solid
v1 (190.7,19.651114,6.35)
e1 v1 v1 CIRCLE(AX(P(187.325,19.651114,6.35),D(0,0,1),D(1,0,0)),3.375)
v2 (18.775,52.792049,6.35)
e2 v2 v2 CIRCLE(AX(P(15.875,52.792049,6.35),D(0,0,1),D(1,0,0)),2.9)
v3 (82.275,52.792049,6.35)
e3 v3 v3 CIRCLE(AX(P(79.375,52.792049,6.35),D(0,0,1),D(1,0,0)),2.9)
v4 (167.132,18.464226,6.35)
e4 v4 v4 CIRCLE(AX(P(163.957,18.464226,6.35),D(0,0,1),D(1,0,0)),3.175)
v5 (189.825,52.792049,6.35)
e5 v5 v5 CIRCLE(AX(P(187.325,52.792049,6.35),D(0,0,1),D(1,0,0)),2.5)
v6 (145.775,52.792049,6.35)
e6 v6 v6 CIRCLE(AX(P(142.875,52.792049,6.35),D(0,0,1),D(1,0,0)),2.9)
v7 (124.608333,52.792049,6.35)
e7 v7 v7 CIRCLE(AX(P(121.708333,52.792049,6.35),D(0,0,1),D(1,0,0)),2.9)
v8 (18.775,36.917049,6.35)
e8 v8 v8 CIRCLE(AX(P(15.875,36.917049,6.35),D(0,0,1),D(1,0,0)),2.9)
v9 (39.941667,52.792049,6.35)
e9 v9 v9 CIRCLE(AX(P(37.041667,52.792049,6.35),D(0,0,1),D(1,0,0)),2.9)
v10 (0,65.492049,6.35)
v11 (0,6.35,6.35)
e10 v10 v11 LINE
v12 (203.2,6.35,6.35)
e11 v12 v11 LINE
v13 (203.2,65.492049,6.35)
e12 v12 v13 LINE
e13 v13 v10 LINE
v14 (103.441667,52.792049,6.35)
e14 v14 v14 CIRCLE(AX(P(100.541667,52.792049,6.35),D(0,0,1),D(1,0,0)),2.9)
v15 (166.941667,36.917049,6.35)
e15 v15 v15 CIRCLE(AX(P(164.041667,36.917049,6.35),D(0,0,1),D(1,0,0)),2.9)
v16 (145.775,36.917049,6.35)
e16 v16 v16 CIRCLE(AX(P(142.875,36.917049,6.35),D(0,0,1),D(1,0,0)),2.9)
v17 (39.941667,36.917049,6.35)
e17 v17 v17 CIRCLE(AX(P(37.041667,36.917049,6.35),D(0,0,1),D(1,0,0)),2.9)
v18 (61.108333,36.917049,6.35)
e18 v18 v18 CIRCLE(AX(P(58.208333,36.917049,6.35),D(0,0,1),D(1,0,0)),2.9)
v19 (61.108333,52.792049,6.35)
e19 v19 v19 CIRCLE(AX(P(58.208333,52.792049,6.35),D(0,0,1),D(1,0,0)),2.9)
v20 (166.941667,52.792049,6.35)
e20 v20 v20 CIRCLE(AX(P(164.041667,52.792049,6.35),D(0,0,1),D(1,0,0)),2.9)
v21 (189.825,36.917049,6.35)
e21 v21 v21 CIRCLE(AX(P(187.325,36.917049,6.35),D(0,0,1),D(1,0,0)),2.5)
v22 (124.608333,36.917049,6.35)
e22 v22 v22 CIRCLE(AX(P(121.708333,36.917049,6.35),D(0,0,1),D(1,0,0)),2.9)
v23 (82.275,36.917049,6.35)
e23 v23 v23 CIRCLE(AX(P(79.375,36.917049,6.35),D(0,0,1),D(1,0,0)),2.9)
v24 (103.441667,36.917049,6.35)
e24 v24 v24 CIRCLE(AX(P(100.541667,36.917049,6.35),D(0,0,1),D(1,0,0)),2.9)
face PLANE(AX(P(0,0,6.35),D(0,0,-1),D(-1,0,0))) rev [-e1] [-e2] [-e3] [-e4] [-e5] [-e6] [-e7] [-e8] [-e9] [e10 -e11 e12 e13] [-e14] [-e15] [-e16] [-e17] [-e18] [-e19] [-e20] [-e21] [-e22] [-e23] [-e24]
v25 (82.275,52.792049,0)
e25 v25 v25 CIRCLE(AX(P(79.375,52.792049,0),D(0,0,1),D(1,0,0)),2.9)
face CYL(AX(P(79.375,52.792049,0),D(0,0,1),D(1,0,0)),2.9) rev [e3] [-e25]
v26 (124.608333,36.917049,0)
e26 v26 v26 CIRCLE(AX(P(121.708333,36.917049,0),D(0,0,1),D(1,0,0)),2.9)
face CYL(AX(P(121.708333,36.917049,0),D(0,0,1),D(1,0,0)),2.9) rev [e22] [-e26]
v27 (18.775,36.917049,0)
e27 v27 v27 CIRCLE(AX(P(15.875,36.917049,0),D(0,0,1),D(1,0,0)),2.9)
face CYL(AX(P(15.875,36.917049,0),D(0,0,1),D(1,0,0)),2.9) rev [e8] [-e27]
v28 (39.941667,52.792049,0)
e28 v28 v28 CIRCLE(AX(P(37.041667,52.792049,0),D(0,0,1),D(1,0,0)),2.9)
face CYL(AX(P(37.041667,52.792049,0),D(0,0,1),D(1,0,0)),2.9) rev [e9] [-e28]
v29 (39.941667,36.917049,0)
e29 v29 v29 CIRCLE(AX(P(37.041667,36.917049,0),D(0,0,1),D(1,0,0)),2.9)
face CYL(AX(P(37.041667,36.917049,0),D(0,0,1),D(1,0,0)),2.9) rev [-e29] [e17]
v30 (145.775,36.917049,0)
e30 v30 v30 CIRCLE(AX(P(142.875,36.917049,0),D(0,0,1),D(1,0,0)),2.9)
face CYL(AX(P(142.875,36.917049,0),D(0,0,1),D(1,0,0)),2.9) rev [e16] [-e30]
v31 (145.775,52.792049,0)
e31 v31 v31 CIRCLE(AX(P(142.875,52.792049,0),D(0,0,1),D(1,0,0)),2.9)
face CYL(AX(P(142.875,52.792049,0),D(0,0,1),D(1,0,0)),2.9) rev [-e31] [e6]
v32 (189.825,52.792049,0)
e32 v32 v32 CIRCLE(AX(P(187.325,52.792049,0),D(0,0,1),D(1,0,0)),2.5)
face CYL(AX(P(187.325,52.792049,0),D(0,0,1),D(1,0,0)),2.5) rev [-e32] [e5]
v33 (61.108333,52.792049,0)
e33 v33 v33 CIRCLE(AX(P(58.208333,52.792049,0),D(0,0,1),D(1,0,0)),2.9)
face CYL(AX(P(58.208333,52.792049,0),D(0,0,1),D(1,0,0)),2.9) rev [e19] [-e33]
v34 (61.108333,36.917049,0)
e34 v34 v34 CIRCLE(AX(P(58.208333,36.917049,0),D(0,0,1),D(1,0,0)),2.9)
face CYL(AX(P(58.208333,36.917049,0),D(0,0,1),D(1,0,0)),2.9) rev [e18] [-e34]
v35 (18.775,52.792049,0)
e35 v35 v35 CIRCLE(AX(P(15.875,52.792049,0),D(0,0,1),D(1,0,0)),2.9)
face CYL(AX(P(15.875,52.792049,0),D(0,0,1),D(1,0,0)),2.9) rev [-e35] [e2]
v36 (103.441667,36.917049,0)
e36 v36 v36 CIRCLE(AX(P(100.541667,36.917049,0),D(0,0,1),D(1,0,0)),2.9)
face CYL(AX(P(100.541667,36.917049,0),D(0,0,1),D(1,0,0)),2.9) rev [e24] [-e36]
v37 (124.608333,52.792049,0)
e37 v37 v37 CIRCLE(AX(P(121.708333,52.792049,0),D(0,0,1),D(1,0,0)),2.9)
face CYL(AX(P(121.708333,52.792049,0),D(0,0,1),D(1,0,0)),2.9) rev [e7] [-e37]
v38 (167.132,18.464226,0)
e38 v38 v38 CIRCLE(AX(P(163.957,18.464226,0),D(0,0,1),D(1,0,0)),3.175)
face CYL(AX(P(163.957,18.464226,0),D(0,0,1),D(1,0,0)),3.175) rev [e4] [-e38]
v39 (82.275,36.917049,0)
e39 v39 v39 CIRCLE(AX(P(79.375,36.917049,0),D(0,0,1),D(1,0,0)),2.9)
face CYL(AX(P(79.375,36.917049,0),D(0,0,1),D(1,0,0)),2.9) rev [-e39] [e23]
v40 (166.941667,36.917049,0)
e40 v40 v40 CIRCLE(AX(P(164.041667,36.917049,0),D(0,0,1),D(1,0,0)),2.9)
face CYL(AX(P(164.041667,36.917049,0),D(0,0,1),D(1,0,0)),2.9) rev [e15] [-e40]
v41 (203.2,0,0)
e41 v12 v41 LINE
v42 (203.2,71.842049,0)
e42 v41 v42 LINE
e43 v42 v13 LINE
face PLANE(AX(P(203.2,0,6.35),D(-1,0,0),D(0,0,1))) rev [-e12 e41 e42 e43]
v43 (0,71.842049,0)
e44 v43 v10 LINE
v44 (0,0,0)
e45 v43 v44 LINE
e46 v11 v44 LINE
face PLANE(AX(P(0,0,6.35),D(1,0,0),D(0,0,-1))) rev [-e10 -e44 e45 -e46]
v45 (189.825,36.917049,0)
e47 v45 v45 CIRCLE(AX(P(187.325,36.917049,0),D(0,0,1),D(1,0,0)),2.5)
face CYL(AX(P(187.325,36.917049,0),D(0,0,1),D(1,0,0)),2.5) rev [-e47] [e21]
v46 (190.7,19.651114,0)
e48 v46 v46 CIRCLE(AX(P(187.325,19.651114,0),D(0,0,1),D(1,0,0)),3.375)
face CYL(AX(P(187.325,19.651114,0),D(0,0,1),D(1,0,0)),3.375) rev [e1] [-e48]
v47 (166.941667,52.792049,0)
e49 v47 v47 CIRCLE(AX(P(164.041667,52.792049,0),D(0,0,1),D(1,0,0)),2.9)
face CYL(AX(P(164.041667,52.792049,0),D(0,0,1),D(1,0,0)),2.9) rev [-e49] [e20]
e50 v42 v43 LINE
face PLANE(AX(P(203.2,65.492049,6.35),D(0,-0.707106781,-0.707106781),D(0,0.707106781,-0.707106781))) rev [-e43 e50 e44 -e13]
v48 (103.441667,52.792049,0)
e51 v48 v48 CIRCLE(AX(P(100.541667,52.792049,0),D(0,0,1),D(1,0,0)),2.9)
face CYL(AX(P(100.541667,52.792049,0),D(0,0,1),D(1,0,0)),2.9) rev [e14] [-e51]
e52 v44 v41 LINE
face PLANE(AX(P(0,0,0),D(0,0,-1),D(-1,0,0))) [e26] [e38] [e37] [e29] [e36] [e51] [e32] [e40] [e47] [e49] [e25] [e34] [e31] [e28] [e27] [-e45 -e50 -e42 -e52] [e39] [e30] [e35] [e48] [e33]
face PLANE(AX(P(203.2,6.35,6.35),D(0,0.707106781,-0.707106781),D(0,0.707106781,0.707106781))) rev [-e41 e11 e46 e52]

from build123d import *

# Parameters (mm, degrees)
SKETCH2_W                 = 203.2
SKETCH2_H                 = 71.842048969
BOSS_EXTRUDE1_DEPTH       = 6.35
CUT_EXTRUDE1_DEPTH        = 203.2
CUT_EXTRUDE3_DEPTH        = 203.2
SKETCH7_R                 = 2.9
CUT_EXTRUDE4_DEPTH        = 6.35
LPATTERN1_COUNT           = 8
LPATTERN1_PITCH           = 21.166666667
LPATTERN2_COUNT           = 2
LPATTERN2_PITCH           = 15.875
LPATTERN2_COPY_1_SKETCH_R = 2.9
LPATTERN2_COPY_1_DEPTH    = 6.35
LPATTERN2_COPY_2_SKETCH_R = 2.9
LPATTERN2_COPY_2_DEPTH    = 6.35
LPATTERN2_COPY_3_SKETCH_R = 2.9
LPATTERN2_COPY_3_DEPTH    = 6.35
LPATTERN2_COPY_4_SKETCH_R = 2.9
LPATTERN2_COPY_4_DEPTH    = 6.35
LPATTERN2_COPY_5_SKETCH_R = 2.9
LPATTERN2_COPY_5_DEPTH    = 6.35
LPATTERN2_COPY_6_SKETCH_R = 2.9
LPATTERN2_COPY_6_DEPTH    = 6.35
LPATTERN2_COPY_7_SKETCH_R = 2.9
LPATTERN2_COPY_7_DEPTH    = 6.35
SKETCH8_R                 = 2.5
CUT_EXTRUDE5_DEPTH        = 6.35
LPATTERN3_COUNT           = 2
LPATTERN3_PITCH           = 15.875
SKETCH9_R                 = 3.375
CUT_EXTRUDE6_DEPTH        = 6.35
SKETCH12_R                = 3.175
CUT_EXTRUDE7_DEPTH        = 6.35


with BuildPart() as part:
    # Sketch2 → Boss-Extrude1 (new body)
    with BuildSketch(Plane.XY):
        with Locations((101.6, 35.921024485)):
            Rectangle(SKETCH2_W, SKETCH2_H)
    extrude(amount=BOSS_EXTRUDE1_DEPTH)

    # Sketch3 → Cut-Extrude1 (cut)
    with BuildSketch(Plane.ZY):
        Polygon((0, 0), (6.35, 0), (6.35, 6.35), align=None)
    extrude(amount=-CUT_EXTRUDE1_DEPTH, mode=Mode.SUBTRACT)

    # Sketch5 → Cut-Extrude3 (cut)
    with BuildSketch(Plane.ZY):
        Polygon((6.35, 71.842048969), (6.35, 65.492048969), (0, 71.842048969), align=None)
    extrude(amount=-CUT_EXTRUDE3_DEPTH, mode=Mode.SUBTRACT)

    # Sketch7 → Cut-Extrude4 (cut)
    with BuildSketch(Plane.XY.offset(6.35)):
        with Locations((15.875, 52.792048969)):
            Circle(SKETCH7_R)
    cut_extrude4 = extrude(amount=-CUT_EXTRUDE4_DEPTH, mode=Mode.SUBTRACT)

    # LPattern1: Cut-Extrude4 ×8
    with Locations(*[(i * LPATTERN1_PITCH, 0, 0) for i in range(1, LPATTERN1_COUNT)]):
        add(cut_extrude4, mode=Mode.SUBTRACT)

    # LPattern2: Cut-Extrude4 ×2
    with Locations(*[(0, -i * LPATTERN2_PITCH, 0) for i in range(1, LPATTERN2_COUNT)]):
        add(cut_extrude4, mode=Mode.SUBTRACT)

    # LPattern2 copy 1 sketch → LPattern2 copy 1 (cut)
    with BuildSketch(Plane(origin=(21.166666667, -15.875, 6.35), x_dir=(1, 0, 0), z_dir=(0, 0, 1))):
        with Locations((15.875, 52.792048969)):
            Circle(LPATTERN2_COPY_1_SKETCH_R)
    extrude(amount=-LPATTERN2_COPY_1_DEPTH, mode=Mode.SUBTRACT)

    # LPattern2 copy 2 sketch → LPattern2 copy 2 (cut)
    with BuildSketch(Plane(origin=(42.333333333, -15.875, 6.35), x_dir=(1, 0, 0), z_dir=(0, 0, 1))):
        with Locations((15.875, 52.792048969)):
            Circle(LPATTERN2_COPY_2_SKETCH_R)
    extrude(amount=-LPATTERN2_COPY_2_DEPTH, mode=Mode.SUBTRACT)

    # LPattern2 copy 3 sketch → LPattern2 copy 3 (cut)
    with BuildSketch(Plane(origin=(63.5, -15.875, 6.35), x_dir=(1, 0, 0), z_dir=(0, 0, 1))):
        with Locations((15.875, 52.792048969)):
            Circle(LPATTERN2_COPY_3_SKETCH_R)
    extrude(amount=-LPATTERN2_COPY_3_DEPTH, mode=Mode.SUBTRACT)

    # LPattern2 copy 4 sketch → LPattern2 copy 4 (cut)
    with BuildSketch(Plane(origin=(84.666666667, -15.875, 6.35), x_dir=(1, 0, 0), z_dir=(0, 0, 1))):
        with Locations((15.875, 52.792048969)):
            Circle(LPATTERN2_COPY_4_SKETCH_R)
    extrude(amount=-LPATTERN2_COPY_4_DEPTH, mode=Mode.SUBTRACT)

    # LPattern2 copy 5 sketch → LPattern2 copy 5 (cut)
    with BuildSketch(Plane(origin=(105.833333333, -15.875, 6.35), x_dir=(1, 0, 0), z_dir=(0, 0, 1))):
        with Locations((15.875, 52.792048969)):
            Circle(LPATTERN2_COPY_5_SKETCH_R)
    extrude(amount=-LPATTERN2_COPY_5_DEPTH, mode=Mode.SUBTRACT)

    # LPattern2 copy 6 sketch → LPattern2 copy 6 (cut)
    with BuildSketch(Plane(origin=(127, -15.875, 6.35), x_dir=(1, 0, 0), z_dir=(0, 0, 1))):
        with Locations((15.875, 52.792048969)):
            Circle(LPATTERN2_COPY_6_SKETCH_R)
    extrude(amount=-LPATTERN2_COPY_6_DEPTH, mode=Mode.SUBTRACT)

    # LPattern2 copy 7 sketch → LPattern2 copy 7 (cut)
    with BuildSketch(Plane(origin=(148.166666667, -15.875, 6.35), x_dir=(1, 0, 0), z_dir=(0, 0, 1))):
        with Locations((15.875, 52.792048969)):
            Circle(LPATTERN2_COPY_7_SKETCH_R)
    extrude(amount=-LPATTERN2_COPY_7_DEPTH, mode=Mode.SUBTRACT)

    # Sketch8 → Cut-Extrude5 (cut)
    with BuildSketch(Plane.XY.offset(6.35)):
        with Locations((187.325, 52.792048969)):
            Circle(SKETCH8_R)
    cut_extrude5 = extrude(amount=-CUT_EXTRUDE5_DEPTH, mode=Mode.SUBTRACT)

    # LPattern3: Cut-Extrude5 ×2
    with Locations(*[(0, -i * LPATTERN3_PITCH, 0) for i in range(1, LPATTERN3_COUNT)]):
        add(cut_extrude5, mode=Mode.SUBTRACT)

    # Sketch9 → Cut-Extrude6 (cut)
    with BuildSketch(Plane.XY.offset(6.35)):
        with Locations((187.325, 19.651113798)):
            Circle(SKETCH9_R)
    extrude(amount=-CUT_EXTRUDE6_DEPTH, mode=Mode.SUBTRACT)

    # Sketch12 → Cut-Extrude7 (cut)
    with BuildSketch(Plane.XY.offset(6.35)):
        with Locations((163.957, 18.464225693)):
            Circle(SKETCH12_R)
    extrude(amount=-CUT_EXTRUDE7_DEPTH, mode=Mode.SUBTRACT)


solid = part.part
